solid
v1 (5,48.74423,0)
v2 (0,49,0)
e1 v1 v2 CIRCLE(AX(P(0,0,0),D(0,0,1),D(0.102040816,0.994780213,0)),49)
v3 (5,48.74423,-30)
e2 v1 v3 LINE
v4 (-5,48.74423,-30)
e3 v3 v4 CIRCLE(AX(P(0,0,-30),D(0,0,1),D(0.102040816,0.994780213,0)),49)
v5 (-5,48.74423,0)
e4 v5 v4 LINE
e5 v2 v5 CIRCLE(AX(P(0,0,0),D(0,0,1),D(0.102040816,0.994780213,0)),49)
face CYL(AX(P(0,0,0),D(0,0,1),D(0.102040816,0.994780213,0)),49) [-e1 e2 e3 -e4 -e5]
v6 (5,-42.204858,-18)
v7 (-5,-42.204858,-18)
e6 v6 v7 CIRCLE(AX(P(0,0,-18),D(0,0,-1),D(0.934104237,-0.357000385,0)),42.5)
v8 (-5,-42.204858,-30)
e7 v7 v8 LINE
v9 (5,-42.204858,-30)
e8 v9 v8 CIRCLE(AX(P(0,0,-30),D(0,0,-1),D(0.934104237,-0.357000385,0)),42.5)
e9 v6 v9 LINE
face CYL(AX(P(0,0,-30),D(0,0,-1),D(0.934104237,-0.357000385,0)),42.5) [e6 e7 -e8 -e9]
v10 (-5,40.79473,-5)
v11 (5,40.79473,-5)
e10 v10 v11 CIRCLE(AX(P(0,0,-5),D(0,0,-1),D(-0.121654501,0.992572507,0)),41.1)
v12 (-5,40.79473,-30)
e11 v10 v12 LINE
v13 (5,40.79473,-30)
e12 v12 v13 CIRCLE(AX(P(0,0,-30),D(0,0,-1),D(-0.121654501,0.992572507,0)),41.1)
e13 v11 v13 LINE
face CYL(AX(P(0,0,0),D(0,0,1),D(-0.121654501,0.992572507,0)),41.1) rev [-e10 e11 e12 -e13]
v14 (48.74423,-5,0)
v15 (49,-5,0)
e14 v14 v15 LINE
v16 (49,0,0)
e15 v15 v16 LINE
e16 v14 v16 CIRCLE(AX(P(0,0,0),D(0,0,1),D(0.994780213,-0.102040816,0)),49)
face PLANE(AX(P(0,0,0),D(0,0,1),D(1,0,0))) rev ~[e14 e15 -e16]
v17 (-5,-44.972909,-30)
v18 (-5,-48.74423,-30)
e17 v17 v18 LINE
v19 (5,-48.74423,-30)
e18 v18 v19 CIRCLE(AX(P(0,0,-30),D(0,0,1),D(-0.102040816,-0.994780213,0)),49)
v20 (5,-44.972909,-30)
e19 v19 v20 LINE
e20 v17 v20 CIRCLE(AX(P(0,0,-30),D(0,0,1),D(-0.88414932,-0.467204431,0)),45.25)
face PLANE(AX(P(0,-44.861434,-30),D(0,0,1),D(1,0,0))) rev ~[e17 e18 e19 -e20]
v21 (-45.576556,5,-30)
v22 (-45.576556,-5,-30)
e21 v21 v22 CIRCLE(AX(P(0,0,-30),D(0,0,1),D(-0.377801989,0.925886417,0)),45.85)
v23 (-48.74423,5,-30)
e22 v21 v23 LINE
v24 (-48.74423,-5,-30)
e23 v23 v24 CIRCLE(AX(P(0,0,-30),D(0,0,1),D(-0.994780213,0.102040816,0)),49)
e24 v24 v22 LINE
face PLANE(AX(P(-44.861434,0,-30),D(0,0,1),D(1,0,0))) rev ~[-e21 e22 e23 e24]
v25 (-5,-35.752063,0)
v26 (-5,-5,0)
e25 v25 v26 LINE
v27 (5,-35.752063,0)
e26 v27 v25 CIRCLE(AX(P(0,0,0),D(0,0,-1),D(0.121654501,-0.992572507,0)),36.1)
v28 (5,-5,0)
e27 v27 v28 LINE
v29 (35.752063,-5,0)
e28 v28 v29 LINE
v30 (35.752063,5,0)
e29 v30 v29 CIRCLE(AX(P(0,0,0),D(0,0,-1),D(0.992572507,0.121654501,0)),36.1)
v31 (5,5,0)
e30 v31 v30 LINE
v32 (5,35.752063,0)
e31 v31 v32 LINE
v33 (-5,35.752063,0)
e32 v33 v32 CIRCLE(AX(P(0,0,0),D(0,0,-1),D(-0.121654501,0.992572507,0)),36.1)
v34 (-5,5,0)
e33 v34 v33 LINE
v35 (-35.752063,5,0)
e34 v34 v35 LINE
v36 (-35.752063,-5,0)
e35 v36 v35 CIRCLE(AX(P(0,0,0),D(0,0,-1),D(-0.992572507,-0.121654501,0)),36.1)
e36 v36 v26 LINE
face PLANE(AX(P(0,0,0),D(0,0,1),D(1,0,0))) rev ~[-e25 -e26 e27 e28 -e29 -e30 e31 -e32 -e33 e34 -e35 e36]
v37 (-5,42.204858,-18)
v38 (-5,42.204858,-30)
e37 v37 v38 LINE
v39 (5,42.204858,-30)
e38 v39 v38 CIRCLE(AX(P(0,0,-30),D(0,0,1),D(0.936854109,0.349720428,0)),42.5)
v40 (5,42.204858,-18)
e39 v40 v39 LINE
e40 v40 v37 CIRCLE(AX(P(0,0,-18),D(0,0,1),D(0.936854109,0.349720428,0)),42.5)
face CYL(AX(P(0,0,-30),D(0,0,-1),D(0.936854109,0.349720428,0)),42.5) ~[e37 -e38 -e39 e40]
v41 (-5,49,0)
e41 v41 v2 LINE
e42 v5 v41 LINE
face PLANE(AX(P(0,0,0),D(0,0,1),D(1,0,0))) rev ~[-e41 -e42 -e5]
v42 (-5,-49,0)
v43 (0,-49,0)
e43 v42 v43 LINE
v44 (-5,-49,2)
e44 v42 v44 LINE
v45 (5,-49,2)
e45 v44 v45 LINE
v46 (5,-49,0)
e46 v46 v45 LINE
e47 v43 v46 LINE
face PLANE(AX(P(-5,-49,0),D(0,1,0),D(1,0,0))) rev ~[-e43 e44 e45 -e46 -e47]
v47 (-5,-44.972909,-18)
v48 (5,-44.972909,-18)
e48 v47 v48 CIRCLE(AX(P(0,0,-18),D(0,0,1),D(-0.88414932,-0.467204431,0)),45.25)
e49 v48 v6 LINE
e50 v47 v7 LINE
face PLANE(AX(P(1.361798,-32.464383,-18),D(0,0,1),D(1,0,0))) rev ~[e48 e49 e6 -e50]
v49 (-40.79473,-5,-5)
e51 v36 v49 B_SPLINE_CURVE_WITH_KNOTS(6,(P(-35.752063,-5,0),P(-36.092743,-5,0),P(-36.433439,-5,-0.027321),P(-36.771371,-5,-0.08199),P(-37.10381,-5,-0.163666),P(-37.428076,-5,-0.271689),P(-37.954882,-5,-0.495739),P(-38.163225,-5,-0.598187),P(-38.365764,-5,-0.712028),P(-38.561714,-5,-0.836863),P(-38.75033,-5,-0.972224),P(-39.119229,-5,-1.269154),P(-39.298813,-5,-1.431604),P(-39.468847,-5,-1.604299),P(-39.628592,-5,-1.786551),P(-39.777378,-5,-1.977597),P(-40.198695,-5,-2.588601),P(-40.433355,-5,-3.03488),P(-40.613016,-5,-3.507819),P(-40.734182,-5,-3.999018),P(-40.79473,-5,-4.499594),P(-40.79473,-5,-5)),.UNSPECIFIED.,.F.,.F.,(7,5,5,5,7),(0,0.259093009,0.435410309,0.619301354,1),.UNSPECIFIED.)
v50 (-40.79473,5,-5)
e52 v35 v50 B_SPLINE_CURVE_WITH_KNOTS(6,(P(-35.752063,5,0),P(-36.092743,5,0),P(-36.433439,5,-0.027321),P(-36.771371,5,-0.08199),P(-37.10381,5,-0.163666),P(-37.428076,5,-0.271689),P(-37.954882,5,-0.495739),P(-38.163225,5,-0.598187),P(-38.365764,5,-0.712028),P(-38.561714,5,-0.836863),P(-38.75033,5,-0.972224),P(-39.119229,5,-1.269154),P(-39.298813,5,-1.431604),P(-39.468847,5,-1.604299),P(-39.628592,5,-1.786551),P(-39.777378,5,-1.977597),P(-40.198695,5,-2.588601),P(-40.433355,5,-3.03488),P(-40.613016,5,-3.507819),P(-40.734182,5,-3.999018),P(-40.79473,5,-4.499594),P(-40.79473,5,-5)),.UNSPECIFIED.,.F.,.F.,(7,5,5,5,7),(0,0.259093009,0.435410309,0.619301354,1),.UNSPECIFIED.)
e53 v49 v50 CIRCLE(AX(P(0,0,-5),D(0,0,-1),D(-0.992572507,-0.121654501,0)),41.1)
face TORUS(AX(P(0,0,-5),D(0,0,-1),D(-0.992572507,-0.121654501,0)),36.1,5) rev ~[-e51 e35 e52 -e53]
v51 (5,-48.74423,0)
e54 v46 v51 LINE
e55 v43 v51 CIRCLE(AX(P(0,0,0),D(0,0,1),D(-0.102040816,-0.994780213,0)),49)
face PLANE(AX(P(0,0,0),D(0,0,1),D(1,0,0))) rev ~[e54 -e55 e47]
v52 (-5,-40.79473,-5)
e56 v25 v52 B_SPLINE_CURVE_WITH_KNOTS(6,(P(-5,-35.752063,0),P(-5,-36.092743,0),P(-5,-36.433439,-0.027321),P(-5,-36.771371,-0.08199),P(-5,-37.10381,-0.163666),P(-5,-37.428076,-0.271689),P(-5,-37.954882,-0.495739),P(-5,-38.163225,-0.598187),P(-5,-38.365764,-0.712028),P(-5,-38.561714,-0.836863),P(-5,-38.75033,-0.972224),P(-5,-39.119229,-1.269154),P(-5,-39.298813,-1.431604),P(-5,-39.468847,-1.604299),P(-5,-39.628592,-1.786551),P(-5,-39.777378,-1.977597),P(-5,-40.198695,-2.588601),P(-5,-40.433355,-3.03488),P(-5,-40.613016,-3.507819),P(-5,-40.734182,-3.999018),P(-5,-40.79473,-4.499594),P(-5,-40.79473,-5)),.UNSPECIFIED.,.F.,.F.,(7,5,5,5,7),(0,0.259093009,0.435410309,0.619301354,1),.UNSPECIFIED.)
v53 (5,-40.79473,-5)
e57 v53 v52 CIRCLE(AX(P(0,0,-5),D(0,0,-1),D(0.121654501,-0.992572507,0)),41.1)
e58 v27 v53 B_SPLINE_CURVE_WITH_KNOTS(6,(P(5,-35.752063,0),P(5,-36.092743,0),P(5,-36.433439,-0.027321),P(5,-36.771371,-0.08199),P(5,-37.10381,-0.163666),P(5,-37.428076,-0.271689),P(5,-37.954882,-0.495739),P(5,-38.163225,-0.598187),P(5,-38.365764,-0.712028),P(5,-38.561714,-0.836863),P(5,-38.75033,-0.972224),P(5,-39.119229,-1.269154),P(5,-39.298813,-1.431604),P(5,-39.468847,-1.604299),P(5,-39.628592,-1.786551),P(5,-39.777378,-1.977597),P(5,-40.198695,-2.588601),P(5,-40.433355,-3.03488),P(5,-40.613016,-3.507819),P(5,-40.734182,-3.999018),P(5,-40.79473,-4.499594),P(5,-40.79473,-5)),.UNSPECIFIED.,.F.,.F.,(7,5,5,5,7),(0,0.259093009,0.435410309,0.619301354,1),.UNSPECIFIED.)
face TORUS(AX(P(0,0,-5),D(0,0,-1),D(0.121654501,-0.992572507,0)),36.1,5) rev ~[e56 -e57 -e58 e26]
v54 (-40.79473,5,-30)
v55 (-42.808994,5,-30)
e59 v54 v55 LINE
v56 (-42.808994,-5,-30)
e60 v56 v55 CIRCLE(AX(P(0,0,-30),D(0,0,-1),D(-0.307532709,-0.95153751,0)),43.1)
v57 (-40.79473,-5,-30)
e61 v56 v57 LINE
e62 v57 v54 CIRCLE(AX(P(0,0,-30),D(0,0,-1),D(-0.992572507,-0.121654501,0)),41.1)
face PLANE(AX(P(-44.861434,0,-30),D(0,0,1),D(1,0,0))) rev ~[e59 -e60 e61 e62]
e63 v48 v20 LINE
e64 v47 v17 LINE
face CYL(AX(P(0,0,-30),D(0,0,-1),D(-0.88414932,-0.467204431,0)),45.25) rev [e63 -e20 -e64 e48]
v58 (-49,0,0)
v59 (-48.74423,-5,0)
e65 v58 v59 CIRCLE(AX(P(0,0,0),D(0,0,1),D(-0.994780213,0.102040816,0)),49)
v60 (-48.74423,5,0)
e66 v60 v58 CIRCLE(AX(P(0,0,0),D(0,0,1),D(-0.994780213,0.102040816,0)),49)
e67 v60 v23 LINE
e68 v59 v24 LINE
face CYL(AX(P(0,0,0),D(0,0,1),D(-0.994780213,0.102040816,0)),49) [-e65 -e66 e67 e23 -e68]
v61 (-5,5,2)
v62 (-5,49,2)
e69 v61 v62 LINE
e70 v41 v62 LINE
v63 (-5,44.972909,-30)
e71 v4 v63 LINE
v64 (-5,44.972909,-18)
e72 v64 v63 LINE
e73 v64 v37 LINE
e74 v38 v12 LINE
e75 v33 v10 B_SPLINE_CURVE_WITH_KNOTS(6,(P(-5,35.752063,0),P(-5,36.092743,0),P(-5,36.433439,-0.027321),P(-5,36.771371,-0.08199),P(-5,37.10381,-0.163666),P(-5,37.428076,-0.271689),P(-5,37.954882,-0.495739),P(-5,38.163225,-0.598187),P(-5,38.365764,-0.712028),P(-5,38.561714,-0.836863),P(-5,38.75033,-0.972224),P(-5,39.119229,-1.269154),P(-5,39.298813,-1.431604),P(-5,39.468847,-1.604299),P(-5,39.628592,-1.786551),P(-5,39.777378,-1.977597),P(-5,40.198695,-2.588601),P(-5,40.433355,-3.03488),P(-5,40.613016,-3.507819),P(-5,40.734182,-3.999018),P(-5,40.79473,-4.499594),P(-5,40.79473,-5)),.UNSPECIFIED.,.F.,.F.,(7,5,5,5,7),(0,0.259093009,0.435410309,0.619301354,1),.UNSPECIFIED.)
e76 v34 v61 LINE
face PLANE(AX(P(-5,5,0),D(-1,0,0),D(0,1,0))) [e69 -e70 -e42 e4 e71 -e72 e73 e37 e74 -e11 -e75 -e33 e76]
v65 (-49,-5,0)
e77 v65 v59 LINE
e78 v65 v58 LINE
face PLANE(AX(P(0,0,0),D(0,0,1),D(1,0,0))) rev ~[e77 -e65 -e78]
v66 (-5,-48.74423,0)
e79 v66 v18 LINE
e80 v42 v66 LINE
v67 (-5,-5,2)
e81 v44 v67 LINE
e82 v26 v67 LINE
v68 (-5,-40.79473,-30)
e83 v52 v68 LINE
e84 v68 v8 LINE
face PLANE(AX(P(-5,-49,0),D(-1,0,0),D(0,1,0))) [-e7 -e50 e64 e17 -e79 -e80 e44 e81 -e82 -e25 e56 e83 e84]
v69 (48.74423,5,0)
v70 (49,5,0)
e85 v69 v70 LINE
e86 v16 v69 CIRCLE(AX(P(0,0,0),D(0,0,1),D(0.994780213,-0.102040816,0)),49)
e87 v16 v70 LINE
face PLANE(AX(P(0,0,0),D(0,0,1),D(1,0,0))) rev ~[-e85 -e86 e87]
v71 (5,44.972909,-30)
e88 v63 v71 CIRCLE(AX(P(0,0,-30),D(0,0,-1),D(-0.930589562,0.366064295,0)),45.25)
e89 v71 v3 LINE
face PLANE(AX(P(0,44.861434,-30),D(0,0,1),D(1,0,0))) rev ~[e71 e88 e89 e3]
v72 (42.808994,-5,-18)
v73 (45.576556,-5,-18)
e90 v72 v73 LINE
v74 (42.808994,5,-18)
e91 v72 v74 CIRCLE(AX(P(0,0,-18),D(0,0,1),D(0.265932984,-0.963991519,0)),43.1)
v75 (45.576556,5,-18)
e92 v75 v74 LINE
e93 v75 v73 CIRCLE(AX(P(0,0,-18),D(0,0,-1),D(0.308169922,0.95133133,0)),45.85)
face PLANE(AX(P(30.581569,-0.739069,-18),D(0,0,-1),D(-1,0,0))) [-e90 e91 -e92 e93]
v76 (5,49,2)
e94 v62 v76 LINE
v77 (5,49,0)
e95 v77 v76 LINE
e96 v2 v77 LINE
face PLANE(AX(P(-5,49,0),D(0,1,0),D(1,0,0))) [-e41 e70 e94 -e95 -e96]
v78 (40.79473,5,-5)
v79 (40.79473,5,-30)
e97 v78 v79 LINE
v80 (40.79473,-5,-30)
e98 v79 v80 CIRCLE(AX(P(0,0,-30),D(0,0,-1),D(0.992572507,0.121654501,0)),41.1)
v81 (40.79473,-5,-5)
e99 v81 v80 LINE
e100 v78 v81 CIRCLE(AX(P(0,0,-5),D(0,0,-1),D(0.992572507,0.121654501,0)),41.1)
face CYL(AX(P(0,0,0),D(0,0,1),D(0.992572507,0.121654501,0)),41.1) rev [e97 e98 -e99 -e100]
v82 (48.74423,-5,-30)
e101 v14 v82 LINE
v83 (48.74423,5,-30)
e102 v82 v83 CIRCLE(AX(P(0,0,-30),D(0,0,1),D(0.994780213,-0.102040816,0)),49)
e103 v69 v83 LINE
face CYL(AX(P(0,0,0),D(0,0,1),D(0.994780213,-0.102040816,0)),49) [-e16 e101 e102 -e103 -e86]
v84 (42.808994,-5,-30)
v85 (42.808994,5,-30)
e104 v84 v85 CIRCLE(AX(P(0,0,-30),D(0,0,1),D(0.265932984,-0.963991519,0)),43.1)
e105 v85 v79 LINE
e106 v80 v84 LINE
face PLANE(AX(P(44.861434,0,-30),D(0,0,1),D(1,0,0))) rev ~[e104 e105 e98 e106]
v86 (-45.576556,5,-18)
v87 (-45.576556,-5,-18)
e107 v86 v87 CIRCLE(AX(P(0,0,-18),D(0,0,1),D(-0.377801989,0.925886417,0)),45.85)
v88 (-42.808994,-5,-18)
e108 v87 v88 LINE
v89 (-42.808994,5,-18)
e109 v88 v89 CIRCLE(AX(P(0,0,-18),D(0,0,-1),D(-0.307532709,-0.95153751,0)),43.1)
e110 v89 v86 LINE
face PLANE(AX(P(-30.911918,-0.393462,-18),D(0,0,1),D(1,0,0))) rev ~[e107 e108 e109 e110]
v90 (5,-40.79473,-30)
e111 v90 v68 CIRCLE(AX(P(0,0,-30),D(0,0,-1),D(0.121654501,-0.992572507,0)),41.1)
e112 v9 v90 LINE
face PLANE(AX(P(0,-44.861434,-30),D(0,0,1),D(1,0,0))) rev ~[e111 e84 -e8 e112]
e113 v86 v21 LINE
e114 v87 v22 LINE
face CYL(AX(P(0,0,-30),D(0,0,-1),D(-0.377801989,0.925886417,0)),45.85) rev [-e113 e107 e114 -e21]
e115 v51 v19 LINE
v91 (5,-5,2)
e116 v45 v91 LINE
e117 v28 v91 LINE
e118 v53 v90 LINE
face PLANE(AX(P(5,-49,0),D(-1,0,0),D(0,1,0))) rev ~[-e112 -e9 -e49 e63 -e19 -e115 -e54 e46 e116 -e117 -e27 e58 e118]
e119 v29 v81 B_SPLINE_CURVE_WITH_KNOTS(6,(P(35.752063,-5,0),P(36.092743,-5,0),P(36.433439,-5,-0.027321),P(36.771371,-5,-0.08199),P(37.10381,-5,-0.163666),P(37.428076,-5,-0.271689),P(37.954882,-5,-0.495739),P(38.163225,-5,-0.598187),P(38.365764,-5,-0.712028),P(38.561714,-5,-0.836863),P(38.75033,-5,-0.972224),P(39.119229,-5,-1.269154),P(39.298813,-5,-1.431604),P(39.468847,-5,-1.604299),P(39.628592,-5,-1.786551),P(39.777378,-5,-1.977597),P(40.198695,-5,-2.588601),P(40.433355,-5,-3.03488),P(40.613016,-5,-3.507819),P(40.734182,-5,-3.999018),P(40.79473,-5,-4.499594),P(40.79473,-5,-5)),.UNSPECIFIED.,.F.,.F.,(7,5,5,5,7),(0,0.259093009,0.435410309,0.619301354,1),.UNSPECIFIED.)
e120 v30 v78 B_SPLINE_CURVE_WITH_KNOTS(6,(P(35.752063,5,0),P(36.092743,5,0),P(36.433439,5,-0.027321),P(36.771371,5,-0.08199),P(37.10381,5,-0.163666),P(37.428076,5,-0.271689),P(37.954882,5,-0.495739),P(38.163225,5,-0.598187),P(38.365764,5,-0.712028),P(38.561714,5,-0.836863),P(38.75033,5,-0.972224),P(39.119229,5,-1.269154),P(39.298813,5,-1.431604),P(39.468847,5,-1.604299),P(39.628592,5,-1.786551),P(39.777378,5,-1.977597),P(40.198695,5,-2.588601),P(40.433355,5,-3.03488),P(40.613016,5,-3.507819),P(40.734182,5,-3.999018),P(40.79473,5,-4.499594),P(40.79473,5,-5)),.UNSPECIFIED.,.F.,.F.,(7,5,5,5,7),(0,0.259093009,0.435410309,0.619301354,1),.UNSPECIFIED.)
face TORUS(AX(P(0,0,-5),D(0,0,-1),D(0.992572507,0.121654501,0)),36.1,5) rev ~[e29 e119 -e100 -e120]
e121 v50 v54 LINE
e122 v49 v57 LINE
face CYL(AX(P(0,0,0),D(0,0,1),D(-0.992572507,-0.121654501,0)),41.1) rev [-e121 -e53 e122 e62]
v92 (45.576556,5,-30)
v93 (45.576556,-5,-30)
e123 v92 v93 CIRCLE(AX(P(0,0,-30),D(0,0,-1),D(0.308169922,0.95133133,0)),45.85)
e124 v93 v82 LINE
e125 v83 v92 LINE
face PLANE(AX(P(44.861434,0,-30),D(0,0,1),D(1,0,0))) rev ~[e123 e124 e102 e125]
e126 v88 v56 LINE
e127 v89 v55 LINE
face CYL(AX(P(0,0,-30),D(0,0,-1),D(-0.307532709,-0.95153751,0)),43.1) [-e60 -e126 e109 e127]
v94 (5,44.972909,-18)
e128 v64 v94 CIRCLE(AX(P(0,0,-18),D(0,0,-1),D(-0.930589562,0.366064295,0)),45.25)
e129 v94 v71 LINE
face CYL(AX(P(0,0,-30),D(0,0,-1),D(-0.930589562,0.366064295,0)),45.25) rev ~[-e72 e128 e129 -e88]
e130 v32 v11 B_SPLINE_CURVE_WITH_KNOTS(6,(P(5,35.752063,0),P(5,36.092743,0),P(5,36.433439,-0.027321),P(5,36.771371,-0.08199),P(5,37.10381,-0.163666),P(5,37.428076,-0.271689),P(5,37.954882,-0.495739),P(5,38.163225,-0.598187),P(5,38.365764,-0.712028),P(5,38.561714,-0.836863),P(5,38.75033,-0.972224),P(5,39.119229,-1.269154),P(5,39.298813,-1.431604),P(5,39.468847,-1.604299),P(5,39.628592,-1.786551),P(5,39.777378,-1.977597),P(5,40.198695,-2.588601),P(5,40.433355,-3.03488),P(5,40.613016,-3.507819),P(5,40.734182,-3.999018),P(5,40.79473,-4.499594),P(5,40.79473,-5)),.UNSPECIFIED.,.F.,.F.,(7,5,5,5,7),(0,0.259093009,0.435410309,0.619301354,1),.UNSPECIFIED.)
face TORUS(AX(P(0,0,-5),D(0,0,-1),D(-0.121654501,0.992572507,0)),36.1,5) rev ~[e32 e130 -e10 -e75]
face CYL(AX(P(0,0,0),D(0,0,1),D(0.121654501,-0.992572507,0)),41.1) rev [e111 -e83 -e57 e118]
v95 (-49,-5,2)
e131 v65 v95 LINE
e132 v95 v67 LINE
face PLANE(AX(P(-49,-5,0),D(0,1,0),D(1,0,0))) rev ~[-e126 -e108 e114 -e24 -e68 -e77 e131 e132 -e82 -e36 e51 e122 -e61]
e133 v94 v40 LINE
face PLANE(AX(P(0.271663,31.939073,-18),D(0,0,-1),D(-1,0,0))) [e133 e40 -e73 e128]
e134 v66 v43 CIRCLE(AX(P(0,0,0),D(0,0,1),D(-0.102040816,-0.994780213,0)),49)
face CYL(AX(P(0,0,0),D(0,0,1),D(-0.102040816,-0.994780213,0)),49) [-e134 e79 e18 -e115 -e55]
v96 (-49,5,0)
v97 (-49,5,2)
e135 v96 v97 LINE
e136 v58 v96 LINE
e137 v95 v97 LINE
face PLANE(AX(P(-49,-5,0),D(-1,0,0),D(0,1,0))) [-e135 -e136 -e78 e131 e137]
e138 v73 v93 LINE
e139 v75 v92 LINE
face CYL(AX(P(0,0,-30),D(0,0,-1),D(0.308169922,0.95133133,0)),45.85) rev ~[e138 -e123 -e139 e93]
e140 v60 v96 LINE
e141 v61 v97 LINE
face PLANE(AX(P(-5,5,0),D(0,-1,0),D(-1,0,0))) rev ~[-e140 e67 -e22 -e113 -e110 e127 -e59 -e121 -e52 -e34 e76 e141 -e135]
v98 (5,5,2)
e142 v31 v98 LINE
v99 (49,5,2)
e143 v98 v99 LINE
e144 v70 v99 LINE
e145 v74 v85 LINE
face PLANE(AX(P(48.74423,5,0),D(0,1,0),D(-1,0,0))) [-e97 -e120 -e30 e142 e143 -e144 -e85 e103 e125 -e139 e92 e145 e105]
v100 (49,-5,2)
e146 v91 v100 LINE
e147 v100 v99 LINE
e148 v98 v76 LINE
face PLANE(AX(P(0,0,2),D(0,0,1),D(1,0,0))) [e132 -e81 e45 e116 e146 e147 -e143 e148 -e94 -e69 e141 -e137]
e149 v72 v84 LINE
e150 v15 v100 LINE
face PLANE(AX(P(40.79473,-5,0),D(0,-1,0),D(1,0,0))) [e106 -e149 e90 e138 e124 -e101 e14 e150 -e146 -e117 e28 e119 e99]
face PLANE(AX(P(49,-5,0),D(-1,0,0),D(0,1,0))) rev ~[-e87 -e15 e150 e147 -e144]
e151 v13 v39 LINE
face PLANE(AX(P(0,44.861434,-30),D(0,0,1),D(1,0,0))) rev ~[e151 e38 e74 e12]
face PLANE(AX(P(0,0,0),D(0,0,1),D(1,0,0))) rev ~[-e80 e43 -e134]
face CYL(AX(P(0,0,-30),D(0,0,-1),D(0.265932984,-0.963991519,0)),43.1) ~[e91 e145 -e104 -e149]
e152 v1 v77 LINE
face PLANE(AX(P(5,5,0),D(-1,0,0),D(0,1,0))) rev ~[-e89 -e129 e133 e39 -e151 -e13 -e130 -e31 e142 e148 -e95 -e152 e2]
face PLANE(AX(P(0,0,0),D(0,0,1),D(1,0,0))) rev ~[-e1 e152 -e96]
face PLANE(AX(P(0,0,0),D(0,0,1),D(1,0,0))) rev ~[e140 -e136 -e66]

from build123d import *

# Parameters (mm, degrees)
SKETCH1_W           = 10
SKETCH1_H           = 10
SKETCH1_W_2         = 44
SKETCH1_H_2         = 44
BOSS_EXTRUDE1_DEPTH = 2
BOSS_EXTRUDE2_DEPTH = 30
CUT_EXTRUDE1_DEPTH  = 12
CUT_EXTRUDE2_DEPTH  = 12
FILLET1_R           = 5


with BuildPart() as part:
    # Sketch1 → Boss-Extrude1 (new body)
    with BuildSketch(Plane.XY):
        Rectangle(SKETCH1_W, SKETCH1_H)
        with Locations((-27, 0)):
            Rectangle(SKETCH1_W_2, SKETCH1_H)
        with Locations((0, 27)):
            Rectangle(SKETCH1_W, SKETCH1_H_2)
        with Locations((27, 0)):
            Rectangle(SKETCH1_W_2, SKETCH1_H)
        with Locations((0, -27)):
            Rectangle(SKETCH1_W, SKETCH1_H_2)
    extrude(amount=BOSS_EXTRUDE1_DEPTH)

    # Sketch3 → Boss-Extrude2 (add)
    with BuildSketch(Plane(origin=(0, 0, 0), x_dir=(-1, 0, 0), z_dir=(0, 0, -1))):
        with BuildLine():
            Line((-48.744230428, 5), (-40.794730052, 5))
            ThreePointArc((-40.794730052, 5), (-41.1, 0), (-40.794730052, -5))
            Line((-40.794730052, -5), (-48.744230428, -5))
            ThreePointArc((-48.744230428, -5), (-49, 0), (-48.744230428, 5))
        make_face()
        with BuildLine():
            Line((5, 48.744230428), (5, 40.794730052))
            ThreePointArc((5, 40.794730052), (0, 41.1), (-5, 40.794730052))
            Line((-5, 40.794730052), (-5, 48.744230428))
            ThreePointArc((-5, 48.744230428), (0, 49), (5, 48.744230428))
        make_face()
        with BuildLine():
            Line((48.744230428, -5), (40.794730052, -5))
            ThreePointArc((40.794730052, -5), (41.1, 0), (40.794730052, 5))
            Line((40.794730052, 5), (48.744230428, 5))
            ThreePointArc((48.744230428, 5), (49, 0), (48.744230428, -5))
        make_face()
        with BuildLine():
            Line((-5, -48.744230428), (-5, -40.794730052))
            ThreePointArc((-5, -40.794730052), (0, -41.1), (5, -40.794730052))
            Line((5, -40.794730052), (5, -48.744230428))
            ThreePointArc((5, -48.744230428), (0, -49), (-5, -48.744230428))
        make_face()
    extrude(amount=BOSS_EXTRUDE2_DEPTH)

    # Sketch4 → Cut-Extrude1 (cut)
    with BuildSketch(Plane(origin=(0, 0, -30), x_dir=(-1, 0, 0), z_dir=(0, 0, -1))):
        with BuildLine():
            Line((-11.10557259, -44.484702511), (-11.461711595, -41.548034458))
            ThreePointArc((-11.461711595, -41.548034458), (-43.096967164, -0.511293704), (-12.444181806, 41.264419773))
            Line((-12.444181806, 41.264419773), (-14.129590932, 43.618541471))
            ThreePointArc((-14.129590932, 43.618541471), (-45.823015718, -1.572809738), (-11.10557259, -44.484702511))
        make_face()
        with BuildLine():
            Line((12.001150898, -44.251495762), (13.254659766, -41.011266677))
            ThreePointArc((13.254659766, -41.011266677), (43.094432914, 0.692713402), (11.929696672, 41.416087905))
            Line((11.929696672, 41.416087905), (17.322221173, 42.451892227))
            ThreePointArc((17.322221173, 42.451892227), (45.76389854, -2.80857445), (12.001150898, -44.251495762))
        make_face()
    extrude(amount=-CUT_EXTRUDE1_DEPTH, mode=Mode.SUBTRACT)

    # Sketch5 → Cut-Extrude2 (cut)
    with BuildSketch(Plane(origin=(0, 0, -30), x_dir=(-1, 0, 0), z_dir=(0, 0, -1))):
        with BuildLine():
            Line((-42.028433613, 16.76822197), (-39.816299645, 14.863118199))
            ThreePointArc((-39.816299645, 14.863118199), (-0.915555868, 42.490137179), (39.139115264, 16.564409328))
            Line((39.139115264, 16.564409328), (42.109177665, 16.564409328))
            ThreePointArc((42.109177665, 16.564409328), (0.109612038, 45.24986724), (-42.028433613, 16.76822197))
        make_face()
        with BuildLine():
            Line((-42.268216712, -16.154267422), (-39.699430061, -15.172516364))
            ThreePointArc((-39.699430061, -15.172516364), (-1.394243302, -42.477124263), (38.619024806, -17.743193711))
            Line((38.619024806, -17.743193711), (40.007756731, -21.141000481))
            ThreePointArc((40.007756731, -21.141000481), (-2.737571274, -45.167114182), (-42.268216712, -16.154267422))
        make_face()
    extrude(amount=-CUT_EXTRUDE2_DEPTH, mode=Mode.SUBTRACT)

    # Fillet1
    fillet1_edges = [part.edges().sort_by_distance(p)[0] for p in [
        (41.1, 0, 0),
        (0, 41.1, 0),
        (-41.1, 0, 0),
        (0, -41.1, 0),
    ]]
    fillet(fillet1_edges, radius=FILLET1_R)


solid = part.part
